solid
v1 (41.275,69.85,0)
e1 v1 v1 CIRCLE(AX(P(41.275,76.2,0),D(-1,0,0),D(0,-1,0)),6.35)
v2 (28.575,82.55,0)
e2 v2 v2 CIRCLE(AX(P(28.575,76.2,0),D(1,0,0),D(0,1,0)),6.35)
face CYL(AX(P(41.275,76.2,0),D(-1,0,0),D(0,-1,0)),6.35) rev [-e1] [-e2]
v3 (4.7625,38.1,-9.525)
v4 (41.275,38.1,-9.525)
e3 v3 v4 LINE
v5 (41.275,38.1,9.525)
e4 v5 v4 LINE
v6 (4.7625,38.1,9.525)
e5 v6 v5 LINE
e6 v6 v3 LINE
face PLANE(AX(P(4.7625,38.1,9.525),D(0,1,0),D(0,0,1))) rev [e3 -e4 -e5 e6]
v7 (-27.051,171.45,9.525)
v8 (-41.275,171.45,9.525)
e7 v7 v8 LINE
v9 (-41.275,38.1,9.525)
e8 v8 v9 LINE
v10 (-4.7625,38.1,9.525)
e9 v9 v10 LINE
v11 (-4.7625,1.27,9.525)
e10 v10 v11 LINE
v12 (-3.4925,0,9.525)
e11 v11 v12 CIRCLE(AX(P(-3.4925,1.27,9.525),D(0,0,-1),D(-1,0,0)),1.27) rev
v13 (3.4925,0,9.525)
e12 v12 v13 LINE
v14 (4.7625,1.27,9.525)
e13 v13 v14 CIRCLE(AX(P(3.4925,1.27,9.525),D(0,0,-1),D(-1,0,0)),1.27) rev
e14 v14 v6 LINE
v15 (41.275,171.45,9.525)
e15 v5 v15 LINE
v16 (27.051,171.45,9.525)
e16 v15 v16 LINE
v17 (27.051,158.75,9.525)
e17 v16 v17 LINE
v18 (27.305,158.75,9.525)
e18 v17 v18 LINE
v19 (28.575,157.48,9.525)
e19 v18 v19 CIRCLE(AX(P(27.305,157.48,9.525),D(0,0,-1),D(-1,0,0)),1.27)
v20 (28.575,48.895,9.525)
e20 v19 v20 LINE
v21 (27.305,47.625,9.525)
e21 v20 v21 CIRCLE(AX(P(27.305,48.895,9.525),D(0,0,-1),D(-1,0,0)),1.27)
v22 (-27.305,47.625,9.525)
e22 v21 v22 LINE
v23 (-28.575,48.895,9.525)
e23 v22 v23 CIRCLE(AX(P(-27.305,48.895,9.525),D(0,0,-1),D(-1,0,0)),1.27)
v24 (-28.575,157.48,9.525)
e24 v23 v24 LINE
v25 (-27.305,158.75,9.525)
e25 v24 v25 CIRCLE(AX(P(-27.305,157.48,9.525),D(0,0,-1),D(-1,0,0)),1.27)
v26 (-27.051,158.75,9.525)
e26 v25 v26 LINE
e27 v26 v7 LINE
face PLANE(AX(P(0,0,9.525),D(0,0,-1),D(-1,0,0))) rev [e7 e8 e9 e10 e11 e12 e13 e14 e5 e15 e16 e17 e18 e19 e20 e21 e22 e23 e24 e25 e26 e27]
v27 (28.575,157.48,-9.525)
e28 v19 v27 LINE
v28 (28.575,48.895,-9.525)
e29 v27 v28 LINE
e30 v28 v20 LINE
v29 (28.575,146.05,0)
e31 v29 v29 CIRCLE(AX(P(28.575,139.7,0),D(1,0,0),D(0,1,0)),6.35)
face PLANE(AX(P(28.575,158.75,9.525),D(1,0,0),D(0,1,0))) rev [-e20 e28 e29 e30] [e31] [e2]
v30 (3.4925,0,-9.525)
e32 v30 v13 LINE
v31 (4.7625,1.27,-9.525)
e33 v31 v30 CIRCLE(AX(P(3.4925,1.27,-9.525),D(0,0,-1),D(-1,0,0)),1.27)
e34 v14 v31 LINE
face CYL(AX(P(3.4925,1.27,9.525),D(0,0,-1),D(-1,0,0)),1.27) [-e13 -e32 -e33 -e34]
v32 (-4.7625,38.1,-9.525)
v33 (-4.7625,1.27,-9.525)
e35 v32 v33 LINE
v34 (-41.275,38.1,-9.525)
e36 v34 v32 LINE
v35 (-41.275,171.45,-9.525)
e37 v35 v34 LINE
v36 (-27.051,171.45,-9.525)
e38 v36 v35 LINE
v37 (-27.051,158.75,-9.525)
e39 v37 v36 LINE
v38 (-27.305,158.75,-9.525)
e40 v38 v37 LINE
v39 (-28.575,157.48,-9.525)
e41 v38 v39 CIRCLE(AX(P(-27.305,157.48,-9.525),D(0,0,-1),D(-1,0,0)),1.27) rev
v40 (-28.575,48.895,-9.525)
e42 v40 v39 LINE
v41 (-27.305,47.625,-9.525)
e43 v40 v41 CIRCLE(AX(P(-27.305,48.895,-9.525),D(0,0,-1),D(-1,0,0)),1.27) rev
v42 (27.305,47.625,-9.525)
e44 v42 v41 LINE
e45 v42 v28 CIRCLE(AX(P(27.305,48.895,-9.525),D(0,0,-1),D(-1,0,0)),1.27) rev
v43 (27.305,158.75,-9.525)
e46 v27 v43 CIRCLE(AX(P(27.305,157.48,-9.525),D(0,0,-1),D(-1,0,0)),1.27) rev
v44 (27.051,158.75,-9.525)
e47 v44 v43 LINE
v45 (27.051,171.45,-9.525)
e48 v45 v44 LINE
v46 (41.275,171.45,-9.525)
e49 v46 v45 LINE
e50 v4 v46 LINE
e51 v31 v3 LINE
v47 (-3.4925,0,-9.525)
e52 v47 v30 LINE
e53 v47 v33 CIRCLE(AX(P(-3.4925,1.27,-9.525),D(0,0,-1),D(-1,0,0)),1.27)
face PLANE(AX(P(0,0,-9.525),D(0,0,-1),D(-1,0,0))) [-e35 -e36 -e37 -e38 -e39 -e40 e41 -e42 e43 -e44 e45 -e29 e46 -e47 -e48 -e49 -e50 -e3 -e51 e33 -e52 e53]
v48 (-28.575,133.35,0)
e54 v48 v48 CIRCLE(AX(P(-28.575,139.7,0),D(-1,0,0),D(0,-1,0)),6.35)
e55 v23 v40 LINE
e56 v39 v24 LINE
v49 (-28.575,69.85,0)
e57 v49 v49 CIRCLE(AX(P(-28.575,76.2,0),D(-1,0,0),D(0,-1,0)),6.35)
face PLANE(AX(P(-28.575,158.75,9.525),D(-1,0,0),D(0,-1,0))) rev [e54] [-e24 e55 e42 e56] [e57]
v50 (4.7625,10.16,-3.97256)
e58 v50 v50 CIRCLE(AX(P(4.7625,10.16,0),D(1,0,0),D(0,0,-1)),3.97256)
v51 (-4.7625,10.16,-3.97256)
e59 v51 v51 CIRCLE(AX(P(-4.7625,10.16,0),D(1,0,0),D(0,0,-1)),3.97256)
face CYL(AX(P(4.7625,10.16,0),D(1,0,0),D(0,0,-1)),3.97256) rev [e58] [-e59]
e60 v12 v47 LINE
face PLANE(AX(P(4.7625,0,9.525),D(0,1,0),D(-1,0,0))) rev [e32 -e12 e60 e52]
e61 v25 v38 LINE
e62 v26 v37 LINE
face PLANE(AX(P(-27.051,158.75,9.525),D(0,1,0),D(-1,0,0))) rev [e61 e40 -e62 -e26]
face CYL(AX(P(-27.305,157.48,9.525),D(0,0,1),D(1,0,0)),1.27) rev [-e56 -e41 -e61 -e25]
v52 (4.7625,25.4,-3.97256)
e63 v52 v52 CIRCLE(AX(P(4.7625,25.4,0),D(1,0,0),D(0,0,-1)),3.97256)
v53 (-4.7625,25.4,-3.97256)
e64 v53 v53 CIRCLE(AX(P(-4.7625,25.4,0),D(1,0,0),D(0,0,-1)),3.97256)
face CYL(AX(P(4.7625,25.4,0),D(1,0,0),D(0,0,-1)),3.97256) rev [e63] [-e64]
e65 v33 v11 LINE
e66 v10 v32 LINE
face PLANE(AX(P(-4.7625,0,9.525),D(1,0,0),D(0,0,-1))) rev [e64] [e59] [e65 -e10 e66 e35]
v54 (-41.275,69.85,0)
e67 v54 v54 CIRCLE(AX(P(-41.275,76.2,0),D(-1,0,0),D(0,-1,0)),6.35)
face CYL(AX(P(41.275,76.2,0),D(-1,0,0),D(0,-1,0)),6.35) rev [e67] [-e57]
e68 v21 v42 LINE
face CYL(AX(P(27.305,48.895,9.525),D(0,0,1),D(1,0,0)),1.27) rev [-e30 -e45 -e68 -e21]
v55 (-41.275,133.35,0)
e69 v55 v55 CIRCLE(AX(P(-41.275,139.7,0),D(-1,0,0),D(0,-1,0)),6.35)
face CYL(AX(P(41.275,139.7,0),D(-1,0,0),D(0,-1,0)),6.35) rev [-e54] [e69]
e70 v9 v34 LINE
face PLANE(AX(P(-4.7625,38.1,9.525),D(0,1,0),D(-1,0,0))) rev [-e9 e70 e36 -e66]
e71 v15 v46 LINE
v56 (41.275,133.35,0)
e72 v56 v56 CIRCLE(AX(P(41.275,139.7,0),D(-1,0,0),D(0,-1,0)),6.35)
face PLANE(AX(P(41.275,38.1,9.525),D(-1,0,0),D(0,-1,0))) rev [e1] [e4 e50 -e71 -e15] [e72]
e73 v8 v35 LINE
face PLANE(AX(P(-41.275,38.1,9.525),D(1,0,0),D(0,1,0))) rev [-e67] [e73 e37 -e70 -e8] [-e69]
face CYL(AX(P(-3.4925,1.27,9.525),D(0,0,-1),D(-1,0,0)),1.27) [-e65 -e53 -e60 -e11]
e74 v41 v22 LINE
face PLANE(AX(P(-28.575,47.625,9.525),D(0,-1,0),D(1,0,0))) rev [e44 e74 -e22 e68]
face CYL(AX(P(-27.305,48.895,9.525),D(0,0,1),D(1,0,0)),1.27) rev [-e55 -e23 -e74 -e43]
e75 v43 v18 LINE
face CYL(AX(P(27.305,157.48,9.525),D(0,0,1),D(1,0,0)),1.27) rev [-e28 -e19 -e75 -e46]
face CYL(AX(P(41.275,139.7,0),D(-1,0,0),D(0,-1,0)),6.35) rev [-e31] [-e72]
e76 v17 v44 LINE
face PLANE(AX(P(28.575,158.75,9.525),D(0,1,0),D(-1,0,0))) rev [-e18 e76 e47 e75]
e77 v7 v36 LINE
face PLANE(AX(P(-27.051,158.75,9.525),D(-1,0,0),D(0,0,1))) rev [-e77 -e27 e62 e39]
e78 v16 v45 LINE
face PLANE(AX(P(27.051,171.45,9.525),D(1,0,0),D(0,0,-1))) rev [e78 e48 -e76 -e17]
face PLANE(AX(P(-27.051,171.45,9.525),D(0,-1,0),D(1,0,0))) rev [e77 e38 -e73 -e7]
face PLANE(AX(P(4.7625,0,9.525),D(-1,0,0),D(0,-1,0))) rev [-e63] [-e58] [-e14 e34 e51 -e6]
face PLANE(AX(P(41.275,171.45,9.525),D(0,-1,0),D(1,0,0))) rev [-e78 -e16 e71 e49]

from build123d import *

# Parameters (mm, degrees)
BOSS_EXTRUDE1_DEPTH = 9.525
SKETCH2_R           = 6.35
CUT_EXTRUDE1_DEPTH  = 83.55
FILLET1_R           = 1.27
HOLE1_D             = 7.94512
HOLE1_DEPTH         = 46.0375
HOLE1_TIP           = 2.386954861


with BuildPart() as part:
    # Sketch1 → Boss-Extrude1 (new body, symmetric)
    with BuildSketch(Plane.XY):
        Polygon((4.7625, 0), (-4.7625, 0), (-4.7625, 38.1), (-41.275, 38.1), (-41.275, 171.45), (-27.051, 171.45), (-27.051, 158.75), (-28.575, 158.75), (-28.575, 47.625), (28.575, 47.625), (28.575, 158.75), (27.051, 158.75), (27.051, 171.45), (41.275, 171.45), (41.275, 38.1), (4.7625, 38.1), align=None)
    extrude(amount=BOSS_EXTRUDE1_DEPTH, both=True)

    # Sketch2 → Cut-Extrude1 (cut, through all)
    with BuildSketch(Plane.ZY.offset(41.275)):
        with Locations((0, 76.2)):
            Circle(SKETCH2_R)
        with Locations((0, 139.7)):
            Circle(SKETCH2_R)
    extrude(amount=-CUT_EXTRUDE1_DEPTH, mode=Mode.SUBTRACT)

    # Fillet1
    fillet1_edges = [part.edges().sort_by_distance(p)[0] for p in [
        (4.7625, 0, 0),
        (-4.7625, 0, 0),
        (-28.575, 158.75, 0),
        (-28.575, 47.625, 0),
        (28.575, 47.625, 0),
        (28.575, 158.75, 0),
    ]]
    fillet(fillet1_edges, radius=FILLET1_R)

    # Hole1
    with Locations(Plane(origin=(4.7625, 0, 0), x_dir=(0, 0, 1), z_dir=(1, 0, 0))):
        with Locations((0, -25.4), (0, -10.16)):
            Hole(HOLE1_D / 2, depth=HOLE1_DEPTH)
            with Locations((0, 0, -(HOLE1_DEPTH + HOLE1_TIP / 2))):  # 118° drill point
                Cone(0, HOLE1_D / 2, HOLE1_TIP, mode=Mode.SUBTRACT)


solid = part.part
